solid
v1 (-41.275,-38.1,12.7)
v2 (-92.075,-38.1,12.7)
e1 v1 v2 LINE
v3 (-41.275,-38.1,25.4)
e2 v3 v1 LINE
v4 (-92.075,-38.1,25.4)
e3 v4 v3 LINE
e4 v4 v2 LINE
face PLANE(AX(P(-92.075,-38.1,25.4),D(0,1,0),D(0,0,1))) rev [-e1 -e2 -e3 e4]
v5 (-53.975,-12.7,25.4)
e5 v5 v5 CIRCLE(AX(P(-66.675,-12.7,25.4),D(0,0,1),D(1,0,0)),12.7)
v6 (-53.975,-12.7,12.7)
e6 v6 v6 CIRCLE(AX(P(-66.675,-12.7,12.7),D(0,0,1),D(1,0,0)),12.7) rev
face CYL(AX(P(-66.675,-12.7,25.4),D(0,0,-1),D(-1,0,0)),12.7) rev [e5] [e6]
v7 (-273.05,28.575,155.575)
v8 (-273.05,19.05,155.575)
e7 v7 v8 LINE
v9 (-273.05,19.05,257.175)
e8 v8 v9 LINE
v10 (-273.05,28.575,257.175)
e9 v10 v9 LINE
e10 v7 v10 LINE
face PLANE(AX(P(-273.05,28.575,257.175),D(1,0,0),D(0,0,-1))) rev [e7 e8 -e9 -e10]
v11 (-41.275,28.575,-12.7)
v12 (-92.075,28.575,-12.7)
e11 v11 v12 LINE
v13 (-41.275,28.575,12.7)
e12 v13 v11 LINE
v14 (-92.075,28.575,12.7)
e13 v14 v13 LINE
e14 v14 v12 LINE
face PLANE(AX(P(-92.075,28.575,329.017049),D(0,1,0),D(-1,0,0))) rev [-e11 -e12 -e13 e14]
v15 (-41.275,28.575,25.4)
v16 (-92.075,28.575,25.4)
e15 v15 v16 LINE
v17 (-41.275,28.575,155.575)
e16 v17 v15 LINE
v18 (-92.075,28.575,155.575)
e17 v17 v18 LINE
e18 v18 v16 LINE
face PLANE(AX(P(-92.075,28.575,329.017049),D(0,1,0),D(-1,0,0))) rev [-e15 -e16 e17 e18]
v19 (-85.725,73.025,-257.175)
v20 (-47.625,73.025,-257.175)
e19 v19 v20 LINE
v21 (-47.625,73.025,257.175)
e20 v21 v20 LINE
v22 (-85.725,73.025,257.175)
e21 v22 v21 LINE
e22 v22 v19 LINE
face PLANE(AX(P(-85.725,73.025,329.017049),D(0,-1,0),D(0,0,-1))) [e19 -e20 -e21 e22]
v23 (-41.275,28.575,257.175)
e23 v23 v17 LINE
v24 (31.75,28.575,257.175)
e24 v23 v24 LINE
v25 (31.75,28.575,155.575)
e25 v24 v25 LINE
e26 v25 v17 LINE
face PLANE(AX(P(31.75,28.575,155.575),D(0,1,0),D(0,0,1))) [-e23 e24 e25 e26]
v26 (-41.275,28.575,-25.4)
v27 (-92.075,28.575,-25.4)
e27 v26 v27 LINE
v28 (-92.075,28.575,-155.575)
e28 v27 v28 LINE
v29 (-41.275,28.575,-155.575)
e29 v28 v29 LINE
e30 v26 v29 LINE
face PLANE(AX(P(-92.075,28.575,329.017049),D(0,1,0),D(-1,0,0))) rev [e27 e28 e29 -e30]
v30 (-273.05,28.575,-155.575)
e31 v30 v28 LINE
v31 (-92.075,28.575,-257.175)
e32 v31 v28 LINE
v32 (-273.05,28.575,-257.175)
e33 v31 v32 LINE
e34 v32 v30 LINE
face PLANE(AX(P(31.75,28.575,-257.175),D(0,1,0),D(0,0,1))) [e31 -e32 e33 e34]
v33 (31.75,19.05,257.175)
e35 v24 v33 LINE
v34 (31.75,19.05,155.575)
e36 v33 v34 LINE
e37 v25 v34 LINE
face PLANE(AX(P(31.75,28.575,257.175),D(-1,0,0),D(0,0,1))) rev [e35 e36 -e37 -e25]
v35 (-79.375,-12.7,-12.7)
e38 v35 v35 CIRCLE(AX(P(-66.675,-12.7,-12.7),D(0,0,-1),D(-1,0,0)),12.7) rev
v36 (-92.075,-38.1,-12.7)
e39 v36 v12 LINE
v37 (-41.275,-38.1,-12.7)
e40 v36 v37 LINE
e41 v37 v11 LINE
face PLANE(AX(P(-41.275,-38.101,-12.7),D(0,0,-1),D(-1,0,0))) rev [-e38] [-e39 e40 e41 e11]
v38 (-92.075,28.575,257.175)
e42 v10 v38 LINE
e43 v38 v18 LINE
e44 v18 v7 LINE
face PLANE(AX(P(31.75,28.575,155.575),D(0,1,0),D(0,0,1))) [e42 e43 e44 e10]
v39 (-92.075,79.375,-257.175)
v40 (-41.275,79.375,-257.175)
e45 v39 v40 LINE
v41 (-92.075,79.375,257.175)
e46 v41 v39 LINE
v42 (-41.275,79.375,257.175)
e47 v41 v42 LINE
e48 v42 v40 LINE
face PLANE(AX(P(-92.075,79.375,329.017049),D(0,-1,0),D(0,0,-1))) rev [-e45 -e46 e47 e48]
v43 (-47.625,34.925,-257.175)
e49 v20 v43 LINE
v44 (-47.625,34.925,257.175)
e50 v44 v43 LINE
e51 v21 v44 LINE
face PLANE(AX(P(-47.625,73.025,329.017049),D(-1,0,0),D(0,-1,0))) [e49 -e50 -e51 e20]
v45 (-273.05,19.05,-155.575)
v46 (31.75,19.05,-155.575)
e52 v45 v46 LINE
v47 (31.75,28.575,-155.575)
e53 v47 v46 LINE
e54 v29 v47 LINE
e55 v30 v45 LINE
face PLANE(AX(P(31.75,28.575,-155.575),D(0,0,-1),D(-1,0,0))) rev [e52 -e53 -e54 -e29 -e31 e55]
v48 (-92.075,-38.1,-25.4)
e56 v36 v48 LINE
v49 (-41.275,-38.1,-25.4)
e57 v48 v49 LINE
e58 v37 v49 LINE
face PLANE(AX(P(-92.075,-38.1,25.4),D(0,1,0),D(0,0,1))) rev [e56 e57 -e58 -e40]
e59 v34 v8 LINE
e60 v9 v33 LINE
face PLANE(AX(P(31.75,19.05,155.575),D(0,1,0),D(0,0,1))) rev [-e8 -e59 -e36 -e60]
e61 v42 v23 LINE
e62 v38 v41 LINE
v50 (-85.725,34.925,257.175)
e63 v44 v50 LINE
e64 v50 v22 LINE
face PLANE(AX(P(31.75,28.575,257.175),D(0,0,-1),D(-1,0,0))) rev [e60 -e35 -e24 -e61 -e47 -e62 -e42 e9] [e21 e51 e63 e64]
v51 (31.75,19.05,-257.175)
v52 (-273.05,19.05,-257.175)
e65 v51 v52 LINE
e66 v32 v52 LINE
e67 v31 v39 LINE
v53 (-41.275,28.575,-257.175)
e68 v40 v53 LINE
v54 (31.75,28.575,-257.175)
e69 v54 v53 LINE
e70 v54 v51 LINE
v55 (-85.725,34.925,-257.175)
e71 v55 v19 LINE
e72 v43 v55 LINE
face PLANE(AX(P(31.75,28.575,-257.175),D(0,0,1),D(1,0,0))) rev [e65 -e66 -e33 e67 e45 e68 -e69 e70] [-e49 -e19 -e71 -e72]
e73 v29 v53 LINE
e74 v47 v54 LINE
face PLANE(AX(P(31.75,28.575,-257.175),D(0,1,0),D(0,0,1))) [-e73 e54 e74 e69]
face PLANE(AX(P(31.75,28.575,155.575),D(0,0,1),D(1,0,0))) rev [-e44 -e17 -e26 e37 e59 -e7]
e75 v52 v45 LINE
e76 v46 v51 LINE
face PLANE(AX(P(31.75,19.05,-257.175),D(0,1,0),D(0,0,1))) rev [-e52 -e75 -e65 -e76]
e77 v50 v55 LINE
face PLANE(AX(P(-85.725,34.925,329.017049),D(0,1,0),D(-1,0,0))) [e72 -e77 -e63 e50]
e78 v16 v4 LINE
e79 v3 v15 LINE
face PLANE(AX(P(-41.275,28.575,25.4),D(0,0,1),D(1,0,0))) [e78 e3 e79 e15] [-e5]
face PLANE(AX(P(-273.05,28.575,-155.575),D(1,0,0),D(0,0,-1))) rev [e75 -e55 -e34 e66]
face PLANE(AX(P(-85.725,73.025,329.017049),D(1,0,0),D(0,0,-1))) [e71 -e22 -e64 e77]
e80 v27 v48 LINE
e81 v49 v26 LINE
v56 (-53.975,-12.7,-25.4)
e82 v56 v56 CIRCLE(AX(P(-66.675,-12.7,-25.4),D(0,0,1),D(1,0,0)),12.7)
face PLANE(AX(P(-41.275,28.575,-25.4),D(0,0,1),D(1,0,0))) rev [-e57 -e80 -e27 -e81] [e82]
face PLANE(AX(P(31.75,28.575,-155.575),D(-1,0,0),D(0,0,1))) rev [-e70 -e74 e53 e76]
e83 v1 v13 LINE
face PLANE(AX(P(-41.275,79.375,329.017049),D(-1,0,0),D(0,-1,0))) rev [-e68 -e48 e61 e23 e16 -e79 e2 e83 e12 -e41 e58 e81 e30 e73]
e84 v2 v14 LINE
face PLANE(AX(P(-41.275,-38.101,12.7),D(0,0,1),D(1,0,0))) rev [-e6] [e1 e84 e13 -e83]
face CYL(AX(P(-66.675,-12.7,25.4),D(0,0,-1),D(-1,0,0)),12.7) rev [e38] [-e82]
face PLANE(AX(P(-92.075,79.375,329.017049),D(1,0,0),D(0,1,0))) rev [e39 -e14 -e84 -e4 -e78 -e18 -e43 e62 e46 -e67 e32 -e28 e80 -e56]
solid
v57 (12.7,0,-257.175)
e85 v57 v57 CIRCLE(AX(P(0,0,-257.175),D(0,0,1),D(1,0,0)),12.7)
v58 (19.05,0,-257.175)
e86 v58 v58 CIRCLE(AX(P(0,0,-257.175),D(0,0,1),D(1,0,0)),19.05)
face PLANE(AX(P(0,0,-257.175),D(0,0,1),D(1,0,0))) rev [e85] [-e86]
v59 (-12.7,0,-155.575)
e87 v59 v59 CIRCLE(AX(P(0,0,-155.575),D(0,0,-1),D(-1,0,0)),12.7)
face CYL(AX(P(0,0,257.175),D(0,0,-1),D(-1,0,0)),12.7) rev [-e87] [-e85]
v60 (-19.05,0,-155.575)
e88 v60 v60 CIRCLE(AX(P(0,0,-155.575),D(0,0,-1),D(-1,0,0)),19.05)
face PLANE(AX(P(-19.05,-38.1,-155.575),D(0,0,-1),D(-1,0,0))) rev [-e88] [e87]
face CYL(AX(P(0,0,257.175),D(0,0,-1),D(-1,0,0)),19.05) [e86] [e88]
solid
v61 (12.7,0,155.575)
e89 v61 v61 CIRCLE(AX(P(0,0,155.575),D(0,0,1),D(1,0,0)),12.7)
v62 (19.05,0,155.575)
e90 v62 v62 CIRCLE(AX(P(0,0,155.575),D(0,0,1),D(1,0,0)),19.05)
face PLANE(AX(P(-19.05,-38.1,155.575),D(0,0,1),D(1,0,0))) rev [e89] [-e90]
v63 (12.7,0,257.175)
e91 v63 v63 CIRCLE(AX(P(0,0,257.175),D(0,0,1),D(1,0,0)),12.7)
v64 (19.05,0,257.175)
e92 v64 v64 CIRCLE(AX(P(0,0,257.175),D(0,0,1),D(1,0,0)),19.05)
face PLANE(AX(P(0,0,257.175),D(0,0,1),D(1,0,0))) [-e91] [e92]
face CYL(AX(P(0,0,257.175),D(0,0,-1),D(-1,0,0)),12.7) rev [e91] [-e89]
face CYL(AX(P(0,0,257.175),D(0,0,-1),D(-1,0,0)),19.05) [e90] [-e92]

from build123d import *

# Parameters (mm, degrees)
SKETCH1_R               = 19.05
SKETCH1_R_2             = 12.7
EXTRUDE1_DEPTH          = 257.175
SKETCH2_W               = 304.8
SKETCH2_H               = 101.6
EXTRUDE2_DEPTH          = 9.525
EXTRUDE2_2_DEPTH        = 9.525
SKETCH3_W               = 50.8
SKETCH3_H               = 66.675
SKETCH3_R               = 12.7
EXTRUDE3_DEPTH          = 25.4
SKETCH4_W               = 50.8
SKETCH4_H               = 25.4
CUT_EXTRUDE1_DEPTH      = 66.675
CUT_EXTRUDE2_DEPTH      = 378.023730188
CUT_EXTRUDE2_DEPTH_BACK = 378.023730188
SKETCH5_W               = 38.1
SKETCH5_H               = 311.15
EXTRUDE4_START          = -257.175
SKETCH7_W               = 50.8
SKETCH7_H               = 50.8
SKETCH7_W_2             = 38.1
SKETCH7_H_2             = 38.1
EXTRUDE4_DEPTH          = 514.35


with BuildPart() as part:
    # Sketch1 → Extrude1 (new, symmetric)
    with BuildSketch(Plane.XY):
        Circle(SKETCH1_R)
        Circle(SKETCH1_R_2, mode=Mode.SUBTRACT)
    extrude(amount=EXTRUDE1_DEPTH, both=True)

    # Sketch5 → Cut-Extrude2 (cut, two sides: drawn at the far end of the back side and taken through both)
    with BuildSketch(Plane(origin=(0, 0, 0), x_dir=(1, 0, 0), z_dir=(0, 1, 0)).offset(-CUT_EXTRUDE2_DEPTH_BACK)):
        Rectangle(SKETCH5_W, SKETCH5_H)
    extrude(amount=CUT_EXTRUDE2_DEPTH + CUT_EXTRUDE2_DEPTH_BACK, mode=Mode.SUBTRACT)


with BuildPart() as body_2:
    # Sketch2 → Extrude2 (new body)
    with BuildSketch(Plane(origin=(0, 19.05, 0), x_dir=(-1, 0, 0), z_dir=(0, 1, 0))):
        with Locations((120.65, 206.375)):
            Rectangle(SKETCH2_W, SKETCH2_H)
    extrude(amount=EXTRUDE2_DEPTH)



with BuildPart() as body_3:
    # Sketch2 → Extrude2 2 (new body)
    with BuildSketch(Plane(origin=(0, 19.05, 0), x_dir=(-1, 0, 0), z_dir=(0, 1, 0))):
        with Locations((120.65, -206.375)):
            Rectangle(SKETCH2_W, SKETCH2_H)
    extrude(amount=EXTRUDE2_2_DEPTH)


with BuildPart() as body_4:
    # Sketch3 → Extrude3 (new, symmetric)
    with BuildSketch(Plane.XY):
        with Locations((-66.675, -4.7625)):
            Rectangle(SKETCH3_W, SKETCH3_H)
        with Locations((-66.675, -12.7)):
            Circle(SKETCH3_R, mode=Mode.SUBTRACT)
    extrude(amount=EXTRUDE3_DEPTH, both=True)

    # Sketch4 → Cut-Extrude1 (cut)
    with BuildSketch(Plane(origin=(0, 28.575, 0), x_dir=(-1, 0, 0), z_dir=(0, 1, 0))):
        with Locations((66.675, 0)):
            Rectangle(SKETCH4_W, SKETCH4_H)
    extrude(amount=-CUT_EXTRUDE1_DEPTH, mode=Mode.SUBTRACT)


with BuildPart() as cut_extrude1_piece_1:
    # of the separate pieces the step leaves, piece 1, a body of its own (cut_extrude1_pieces)
    add(body_4.part.solids().sort_by_distance((-92.075, 28.575, 25.4))[0])


with BuildPart() as cut_extrude1_piece_2:
    # of the separate pieces the step leaves, piece 2, a body of its own (cut_extrude1_pieces)
    add(body_4.part.solids().sort_by_distance((-92.075, 28.575, -12.7))[0])


with BuildPart() as cut_extrude2_piece_1:
    # of the separate pieces the step leaves, piece 1, a body of its own (cut_extrude2_pieces)
    add(part.part.solids().sort_by_distance((19.05, 0, 155.575))[0])


with BuildPart() as cut_extrude2_piece_2:
    # of the separate pieces the step leaves, piece 2, a body of its own (cut_extrude2_pieces)
    add(part.part.solids().sort_by_distance((19.05, 0, -257.175))[0])


with BuildPart() as body_2_1:
    add(body_2.part)

    add(body_3.part)  # Extrude4 merges body 3

    add(cut_extrude1_piece_1.part)  # Extrude4 merges Cut-Extrude1 piece 1

    add(cut_extrude1_piece_2.part)  # Extrude4 merges Cut-Extrude1 piece 2
    # Sketch7 → Extrude4 (add)
    with BuildSketch(Plane.XY.offset(EXTRUDE4_START)):
        with Locations((-66.675, 53.975)):
            Rectangle(SKETCH7_W, SKETCH7_H)
        with Locations((-66.675, 53.975)):
            Rectangle(SKETCH7_W_2, SKETCH7_H_2, mode=Mode.SUBTRACT)
    extrude(amount=EXTRUDE4_DEPTH)


solid = Compound([cut_extrude2_piece_1.part, cut_extrude2_piece_2.part, body_2_1.part])
